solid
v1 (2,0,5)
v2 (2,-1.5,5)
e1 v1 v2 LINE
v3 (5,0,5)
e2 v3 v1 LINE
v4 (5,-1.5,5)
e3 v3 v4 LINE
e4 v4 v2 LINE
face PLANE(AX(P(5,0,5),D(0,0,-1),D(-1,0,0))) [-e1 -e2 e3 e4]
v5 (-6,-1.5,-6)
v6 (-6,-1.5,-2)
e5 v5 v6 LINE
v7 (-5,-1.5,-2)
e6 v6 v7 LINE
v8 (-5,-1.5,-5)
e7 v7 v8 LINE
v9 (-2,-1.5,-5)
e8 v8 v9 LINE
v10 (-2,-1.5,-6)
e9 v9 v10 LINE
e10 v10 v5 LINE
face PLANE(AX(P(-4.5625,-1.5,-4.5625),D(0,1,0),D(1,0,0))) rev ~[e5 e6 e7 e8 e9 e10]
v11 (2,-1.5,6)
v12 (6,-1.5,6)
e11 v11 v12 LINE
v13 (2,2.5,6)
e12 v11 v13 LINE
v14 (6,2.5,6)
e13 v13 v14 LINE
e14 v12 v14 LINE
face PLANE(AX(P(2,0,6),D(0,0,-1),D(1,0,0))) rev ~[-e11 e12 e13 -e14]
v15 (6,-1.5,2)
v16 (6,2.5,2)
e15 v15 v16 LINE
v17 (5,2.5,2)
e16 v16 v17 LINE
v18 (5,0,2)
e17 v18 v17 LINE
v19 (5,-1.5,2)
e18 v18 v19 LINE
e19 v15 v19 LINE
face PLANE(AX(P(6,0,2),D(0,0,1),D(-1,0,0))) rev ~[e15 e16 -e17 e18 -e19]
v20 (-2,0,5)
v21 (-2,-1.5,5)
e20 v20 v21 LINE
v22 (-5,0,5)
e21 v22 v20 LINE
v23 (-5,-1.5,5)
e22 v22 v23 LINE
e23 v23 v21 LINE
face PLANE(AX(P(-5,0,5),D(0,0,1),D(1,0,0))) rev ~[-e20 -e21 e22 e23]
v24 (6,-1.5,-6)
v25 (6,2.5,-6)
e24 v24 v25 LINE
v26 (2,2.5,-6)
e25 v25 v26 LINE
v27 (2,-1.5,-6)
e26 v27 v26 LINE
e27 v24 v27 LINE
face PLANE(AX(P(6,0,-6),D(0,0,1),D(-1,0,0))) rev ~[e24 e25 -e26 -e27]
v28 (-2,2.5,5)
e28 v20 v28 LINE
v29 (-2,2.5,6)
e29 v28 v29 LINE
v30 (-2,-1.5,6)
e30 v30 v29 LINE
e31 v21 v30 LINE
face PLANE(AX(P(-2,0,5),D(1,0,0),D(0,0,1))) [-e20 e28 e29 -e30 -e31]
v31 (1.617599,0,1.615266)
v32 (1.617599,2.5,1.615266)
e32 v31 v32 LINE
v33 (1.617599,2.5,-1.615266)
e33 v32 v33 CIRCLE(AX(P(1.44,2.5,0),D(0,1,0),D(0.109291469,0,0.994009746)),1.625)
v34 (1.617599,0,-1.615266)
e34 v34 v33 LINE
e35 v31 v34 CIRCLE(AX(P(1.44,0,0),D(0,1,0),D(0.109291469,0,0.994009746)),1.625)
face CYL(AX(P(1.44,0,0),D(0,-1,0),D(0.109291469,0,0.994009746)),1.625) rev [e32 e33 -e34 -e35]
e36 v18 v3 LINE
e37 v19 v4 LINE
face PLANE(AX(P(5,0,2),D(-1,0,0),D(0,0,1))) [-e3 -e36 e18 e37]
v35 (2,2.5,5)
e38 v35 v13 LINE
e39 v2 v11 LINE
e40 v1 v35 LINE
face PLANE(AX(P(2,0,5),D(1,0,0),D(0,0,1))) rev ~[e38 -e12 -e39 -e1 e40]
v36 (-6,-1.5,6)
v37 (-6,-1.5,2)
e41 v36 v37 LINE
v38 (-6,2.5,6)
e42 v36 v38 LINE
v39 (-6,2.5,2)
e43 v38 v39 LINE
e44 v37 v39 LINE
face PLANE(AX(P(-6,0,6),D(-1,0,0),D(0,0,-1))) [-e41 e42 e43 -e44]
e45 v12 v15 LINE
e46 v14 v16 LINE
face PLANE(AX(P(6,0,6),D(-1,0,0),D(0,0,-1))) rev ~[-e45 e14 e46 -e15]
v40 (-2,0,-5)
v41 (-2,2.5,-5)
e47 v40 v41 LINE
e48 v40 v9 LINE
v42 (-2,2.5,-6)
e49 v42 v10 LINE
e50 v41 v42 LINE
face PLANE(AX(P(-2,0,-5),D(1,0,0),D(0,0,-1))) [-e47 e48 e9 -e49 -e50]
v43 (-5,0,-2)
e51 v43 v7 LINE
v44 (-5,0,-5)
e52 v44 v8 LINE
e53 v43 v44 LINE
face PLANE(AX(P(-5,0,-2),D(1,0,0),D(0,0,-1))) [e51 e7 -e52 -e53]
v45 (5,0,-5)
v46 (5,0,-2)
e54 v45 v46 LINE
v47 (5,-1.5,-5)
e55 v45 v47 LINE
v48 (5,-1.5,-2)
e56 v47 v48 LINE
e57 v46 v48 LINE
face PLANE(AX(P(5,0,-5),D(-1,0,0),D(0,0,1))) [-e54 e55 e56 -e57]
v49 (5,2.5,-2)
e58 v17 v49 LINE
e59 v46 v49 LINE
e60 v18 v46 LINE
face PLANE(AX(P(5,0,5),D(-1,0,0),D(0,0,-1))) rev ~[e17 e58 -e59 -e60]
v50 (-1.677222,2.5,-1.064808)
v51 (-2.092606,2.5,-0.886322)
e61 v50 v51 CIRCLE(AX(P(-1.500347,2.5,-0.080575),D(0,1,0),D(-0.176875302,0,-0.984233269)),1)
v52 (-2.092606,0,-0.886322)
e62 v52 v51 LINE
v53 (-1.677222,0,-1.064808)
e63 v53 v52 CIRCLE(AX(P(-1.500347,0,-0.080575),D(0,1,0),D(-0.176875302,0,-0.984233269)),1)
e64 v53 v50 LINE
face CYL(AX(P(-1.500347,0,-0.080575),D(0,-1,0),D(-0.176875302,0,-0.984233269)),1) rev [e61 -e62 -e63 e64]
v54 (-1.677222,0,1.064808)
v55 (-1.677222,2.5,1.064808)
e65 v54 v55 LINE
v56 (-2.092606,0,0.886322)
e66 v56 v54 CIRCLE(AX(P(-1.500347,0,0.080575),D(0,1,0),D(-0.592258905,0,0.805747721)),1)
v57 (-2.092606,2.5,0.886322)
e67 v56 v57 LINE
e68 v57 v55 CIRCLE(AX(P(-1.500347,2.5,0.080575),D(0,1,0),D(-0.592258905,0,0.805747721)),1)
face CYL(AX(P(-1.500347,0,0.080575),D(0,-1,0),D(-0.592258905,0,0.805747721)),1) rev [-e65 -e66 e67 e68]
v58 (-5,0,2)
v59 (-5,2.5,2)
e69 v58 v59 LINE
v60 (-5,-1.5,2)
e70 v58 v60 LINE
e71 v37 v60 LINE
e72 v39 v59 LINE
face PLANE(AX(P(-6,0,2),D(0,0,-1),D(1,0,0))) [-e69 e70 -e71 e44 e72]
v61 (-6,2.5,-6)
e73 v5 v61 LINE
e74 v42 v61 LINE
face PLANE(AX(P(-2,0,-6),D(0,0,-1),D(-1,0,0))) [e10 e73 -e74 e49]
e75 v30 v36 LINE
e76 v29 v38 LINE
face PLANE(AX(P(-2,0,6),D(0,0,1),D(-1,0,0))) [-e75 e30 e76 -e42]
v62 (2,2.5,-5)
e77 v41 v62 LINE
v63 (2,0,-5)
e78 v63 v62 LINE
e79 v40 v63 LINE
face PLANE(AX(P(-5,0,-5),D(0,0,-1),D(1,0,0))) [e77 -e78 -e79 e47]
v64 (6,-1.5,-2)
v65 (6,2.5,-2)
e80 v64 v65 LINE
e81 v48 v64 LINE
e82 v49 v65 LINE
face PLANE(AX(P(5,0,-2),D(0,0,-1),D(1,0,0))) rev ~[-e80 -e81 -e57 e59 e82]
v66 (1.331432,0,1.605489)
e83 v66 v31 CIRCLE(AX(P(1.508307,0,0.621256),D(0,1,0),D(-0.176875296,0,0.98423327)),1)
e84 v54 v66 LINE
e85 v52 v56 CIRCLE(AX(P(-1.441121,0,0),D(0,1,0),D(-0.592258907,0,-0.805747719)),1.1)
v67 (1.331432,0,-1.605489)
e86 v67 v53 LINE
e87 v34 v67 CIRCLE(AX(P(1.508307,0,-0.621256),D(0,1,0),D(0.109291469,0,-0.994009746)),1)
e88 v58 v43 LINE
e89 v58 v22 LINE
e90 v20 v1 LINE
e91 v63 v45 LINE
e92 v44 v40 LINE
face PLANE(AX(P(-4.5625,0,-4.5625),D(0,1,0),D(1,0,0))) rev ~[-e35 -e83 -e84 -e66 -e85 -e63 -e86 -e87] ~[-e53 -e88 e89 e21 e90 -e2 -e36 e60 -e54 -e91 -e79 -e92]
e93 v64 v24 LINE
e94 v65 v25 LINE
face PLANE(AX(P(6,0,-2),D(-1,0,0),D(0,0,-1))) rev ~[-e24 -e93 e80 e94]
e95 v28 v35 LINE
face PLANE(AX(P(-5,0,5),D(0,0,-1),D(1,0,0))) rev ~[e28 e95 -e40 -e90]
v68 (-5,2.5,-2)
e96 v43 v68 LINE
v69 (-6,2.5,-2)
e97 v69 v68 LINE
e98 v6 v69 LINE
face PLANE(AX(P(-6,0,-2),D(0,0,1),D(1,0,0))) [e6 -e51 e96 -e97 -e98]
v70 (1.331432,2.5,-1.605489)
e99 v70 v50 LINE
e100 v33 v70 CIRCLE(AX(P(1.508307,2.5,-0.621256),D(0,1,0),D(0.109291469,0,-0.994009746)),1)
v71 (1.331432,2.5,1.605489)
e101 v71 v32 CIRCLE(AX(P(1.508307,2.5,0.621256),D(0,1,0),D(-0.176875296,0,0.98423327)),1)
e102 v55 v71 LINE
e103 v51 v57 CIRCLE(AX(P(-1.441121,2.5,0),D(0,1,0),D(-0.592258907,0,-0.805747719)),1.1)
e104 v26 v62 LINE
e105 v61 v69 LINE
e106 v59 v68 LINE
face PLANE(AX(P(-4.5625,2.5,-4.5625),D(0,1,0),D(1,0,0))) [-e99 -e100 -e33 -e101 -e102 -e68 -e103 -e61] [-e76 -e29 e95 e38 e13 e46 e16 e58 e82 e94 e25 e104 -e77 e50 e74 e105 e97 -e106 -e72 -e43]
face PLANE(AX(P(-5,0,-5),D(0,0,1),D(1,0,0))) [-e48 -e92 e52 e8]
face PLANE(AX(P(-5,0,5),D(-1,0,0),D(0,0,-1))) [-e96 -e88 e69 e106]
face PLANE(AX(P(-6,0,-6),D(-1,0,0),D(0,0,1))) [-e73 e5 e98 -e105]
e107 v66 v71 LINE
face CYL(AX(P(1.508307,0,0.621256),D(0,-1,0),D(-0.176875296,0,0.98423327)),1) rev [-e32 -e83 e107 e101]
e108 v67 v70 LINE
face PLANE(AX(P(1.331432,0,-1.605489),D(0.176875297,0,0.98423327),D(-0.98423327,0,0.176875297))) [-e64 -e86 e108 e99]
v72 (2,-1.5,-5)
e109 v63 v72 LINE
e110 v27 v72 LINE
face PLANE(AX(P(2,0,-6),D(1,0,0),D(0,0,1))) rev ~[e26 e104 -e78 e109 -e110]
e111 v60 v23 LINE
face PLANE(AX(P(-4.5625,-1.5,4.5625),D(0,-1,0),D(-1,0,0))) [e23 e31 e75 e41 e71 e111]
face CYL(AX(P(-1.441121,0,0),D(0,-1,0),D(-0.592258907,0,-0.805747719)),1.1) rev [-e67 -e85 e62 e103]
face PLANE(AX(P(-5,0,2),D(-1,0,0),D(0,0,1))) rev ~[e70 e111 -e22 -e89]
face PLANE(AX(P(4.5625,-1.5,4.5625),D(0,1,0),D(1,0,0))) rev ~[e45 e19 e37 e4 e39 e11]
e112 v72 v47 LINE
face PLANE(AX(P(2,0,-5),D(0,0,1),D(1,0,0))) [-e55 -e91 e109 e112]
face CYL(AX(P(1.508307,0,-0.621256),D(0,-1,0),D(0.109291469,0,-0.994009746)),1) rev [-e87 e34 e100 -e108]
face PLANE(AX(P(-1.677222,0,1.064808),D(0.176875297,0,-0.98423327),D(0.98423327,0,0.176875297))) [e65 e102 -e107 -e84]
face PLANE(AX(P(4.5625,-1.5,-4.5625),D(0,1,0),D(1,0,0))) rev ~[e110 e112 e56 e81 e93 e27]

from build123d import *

# Parameters (mm, degrees)
SKETCH1_W           = 10
SKETCH1_H           = 10
BOSS_EXTRUDE1_DEPTH = 2.5
BOSS_EXTRUDE2_DEPTH = 2.5
BOSS_EXTRUDE3_DEPTH = 1.5


with BuildPart() as part:
    # Sketch1 → Boss-Extrude1 (new body)
    with BuildSketch(Plane(origin=(0, 0, 0), x_dir=(1, 0, 0), z_dir=(0, 1, 0))):
        Rectangle(SKETCH1_W, SKETCH1_H)
        with BuildLine():
            ThreePointArc((-2.092605578, 0.886322491), (-1.895132853, 0.999347796), (-1.677221968, 1.064808042))
            Line((-1.677221968, 1.064808042), (1.331431871, 1.605489361))
            ThreePointArc((1.331431871, 1.605489361), (1.474163525, 1.620673027), (1.617598637, 1.615265837))
            ThreePointArc((1.617598637, 1.615265837), (3.065, 0), (1.617598637, -1.615265837))
            ThreePointArc((1.617598637, -1.615265837), (1.474163525, -1.620673027), (1.331431871, -1.605489361))
            Line((1.331431871, -1.605489361), (-1.677221968, -1.064808042))
            ThreePointArc((-1.677221968, -1.064808042), (-1.895132853, -0.999347796), (-2.092605578, -0.886322491))
            ThreePointArc((-2.092605578, -0.886322491), (-2.54112078, 0), (-2.092605578, 0.886322491))
        make_face(mode=Mode.SUBTRACT)
    extrude(amount=BOSS_EXTRUDE1_DEPTH)

    # Sketch2 → Boss-Extrude2 (add)
    with BuildSketch(Plane(origin=(0, 0, 0), x_dir=(1, 0, 0), z_dir=(0, 1, 0))):
        Polygon((-2, 6), (-6, 6), (-6, 2), (-5, 2), (-5, 5), (-2, 5), align=None)
        Polygon((2, 6), (2, 5), (5, 5), (5, 2), (6, 2), (6, 6), align=None)
        Polygon((5, -2), (5, -5), (2, -5), (2, -6), (6, -6), (6, -2), align=None)
        Polygon((-6, -2), (-5, -2), (-5, -5), (-2, -5), (-2, -6), (-6, -6), align=None)
    extrude(amount=BOSS_EXTRUDE2_DEPTH)

    # Sketch2<4> → Boss-Extrude3 (add)
    with BuildSketch(Plane(origin=(0, 0, 0), x_dir=(1, 0, 0), z_dir=(0, 1, 0))):
        Polygon((-2, 6), (-6, 6), (-6, 2), (-5, 2), (-5, 5), (-2, 5), align=None)
        Polygon((2, 6), (2, 5), (5, 5), (5, 2), (6, 2), (6, 6), align=None)
        Polygon((5, -2), (5, -5), (2, -5), (2, -6), (6, -6), (6, -2), align=None)
        Polygon((-6, -2), (-5, -2), (-5, -5), (-2, -5), (-2, -6), (-6, -6), align=None)
    extrude(amount=-BOSS_EXTRUDE3_DEPTH)


solid = part.part
